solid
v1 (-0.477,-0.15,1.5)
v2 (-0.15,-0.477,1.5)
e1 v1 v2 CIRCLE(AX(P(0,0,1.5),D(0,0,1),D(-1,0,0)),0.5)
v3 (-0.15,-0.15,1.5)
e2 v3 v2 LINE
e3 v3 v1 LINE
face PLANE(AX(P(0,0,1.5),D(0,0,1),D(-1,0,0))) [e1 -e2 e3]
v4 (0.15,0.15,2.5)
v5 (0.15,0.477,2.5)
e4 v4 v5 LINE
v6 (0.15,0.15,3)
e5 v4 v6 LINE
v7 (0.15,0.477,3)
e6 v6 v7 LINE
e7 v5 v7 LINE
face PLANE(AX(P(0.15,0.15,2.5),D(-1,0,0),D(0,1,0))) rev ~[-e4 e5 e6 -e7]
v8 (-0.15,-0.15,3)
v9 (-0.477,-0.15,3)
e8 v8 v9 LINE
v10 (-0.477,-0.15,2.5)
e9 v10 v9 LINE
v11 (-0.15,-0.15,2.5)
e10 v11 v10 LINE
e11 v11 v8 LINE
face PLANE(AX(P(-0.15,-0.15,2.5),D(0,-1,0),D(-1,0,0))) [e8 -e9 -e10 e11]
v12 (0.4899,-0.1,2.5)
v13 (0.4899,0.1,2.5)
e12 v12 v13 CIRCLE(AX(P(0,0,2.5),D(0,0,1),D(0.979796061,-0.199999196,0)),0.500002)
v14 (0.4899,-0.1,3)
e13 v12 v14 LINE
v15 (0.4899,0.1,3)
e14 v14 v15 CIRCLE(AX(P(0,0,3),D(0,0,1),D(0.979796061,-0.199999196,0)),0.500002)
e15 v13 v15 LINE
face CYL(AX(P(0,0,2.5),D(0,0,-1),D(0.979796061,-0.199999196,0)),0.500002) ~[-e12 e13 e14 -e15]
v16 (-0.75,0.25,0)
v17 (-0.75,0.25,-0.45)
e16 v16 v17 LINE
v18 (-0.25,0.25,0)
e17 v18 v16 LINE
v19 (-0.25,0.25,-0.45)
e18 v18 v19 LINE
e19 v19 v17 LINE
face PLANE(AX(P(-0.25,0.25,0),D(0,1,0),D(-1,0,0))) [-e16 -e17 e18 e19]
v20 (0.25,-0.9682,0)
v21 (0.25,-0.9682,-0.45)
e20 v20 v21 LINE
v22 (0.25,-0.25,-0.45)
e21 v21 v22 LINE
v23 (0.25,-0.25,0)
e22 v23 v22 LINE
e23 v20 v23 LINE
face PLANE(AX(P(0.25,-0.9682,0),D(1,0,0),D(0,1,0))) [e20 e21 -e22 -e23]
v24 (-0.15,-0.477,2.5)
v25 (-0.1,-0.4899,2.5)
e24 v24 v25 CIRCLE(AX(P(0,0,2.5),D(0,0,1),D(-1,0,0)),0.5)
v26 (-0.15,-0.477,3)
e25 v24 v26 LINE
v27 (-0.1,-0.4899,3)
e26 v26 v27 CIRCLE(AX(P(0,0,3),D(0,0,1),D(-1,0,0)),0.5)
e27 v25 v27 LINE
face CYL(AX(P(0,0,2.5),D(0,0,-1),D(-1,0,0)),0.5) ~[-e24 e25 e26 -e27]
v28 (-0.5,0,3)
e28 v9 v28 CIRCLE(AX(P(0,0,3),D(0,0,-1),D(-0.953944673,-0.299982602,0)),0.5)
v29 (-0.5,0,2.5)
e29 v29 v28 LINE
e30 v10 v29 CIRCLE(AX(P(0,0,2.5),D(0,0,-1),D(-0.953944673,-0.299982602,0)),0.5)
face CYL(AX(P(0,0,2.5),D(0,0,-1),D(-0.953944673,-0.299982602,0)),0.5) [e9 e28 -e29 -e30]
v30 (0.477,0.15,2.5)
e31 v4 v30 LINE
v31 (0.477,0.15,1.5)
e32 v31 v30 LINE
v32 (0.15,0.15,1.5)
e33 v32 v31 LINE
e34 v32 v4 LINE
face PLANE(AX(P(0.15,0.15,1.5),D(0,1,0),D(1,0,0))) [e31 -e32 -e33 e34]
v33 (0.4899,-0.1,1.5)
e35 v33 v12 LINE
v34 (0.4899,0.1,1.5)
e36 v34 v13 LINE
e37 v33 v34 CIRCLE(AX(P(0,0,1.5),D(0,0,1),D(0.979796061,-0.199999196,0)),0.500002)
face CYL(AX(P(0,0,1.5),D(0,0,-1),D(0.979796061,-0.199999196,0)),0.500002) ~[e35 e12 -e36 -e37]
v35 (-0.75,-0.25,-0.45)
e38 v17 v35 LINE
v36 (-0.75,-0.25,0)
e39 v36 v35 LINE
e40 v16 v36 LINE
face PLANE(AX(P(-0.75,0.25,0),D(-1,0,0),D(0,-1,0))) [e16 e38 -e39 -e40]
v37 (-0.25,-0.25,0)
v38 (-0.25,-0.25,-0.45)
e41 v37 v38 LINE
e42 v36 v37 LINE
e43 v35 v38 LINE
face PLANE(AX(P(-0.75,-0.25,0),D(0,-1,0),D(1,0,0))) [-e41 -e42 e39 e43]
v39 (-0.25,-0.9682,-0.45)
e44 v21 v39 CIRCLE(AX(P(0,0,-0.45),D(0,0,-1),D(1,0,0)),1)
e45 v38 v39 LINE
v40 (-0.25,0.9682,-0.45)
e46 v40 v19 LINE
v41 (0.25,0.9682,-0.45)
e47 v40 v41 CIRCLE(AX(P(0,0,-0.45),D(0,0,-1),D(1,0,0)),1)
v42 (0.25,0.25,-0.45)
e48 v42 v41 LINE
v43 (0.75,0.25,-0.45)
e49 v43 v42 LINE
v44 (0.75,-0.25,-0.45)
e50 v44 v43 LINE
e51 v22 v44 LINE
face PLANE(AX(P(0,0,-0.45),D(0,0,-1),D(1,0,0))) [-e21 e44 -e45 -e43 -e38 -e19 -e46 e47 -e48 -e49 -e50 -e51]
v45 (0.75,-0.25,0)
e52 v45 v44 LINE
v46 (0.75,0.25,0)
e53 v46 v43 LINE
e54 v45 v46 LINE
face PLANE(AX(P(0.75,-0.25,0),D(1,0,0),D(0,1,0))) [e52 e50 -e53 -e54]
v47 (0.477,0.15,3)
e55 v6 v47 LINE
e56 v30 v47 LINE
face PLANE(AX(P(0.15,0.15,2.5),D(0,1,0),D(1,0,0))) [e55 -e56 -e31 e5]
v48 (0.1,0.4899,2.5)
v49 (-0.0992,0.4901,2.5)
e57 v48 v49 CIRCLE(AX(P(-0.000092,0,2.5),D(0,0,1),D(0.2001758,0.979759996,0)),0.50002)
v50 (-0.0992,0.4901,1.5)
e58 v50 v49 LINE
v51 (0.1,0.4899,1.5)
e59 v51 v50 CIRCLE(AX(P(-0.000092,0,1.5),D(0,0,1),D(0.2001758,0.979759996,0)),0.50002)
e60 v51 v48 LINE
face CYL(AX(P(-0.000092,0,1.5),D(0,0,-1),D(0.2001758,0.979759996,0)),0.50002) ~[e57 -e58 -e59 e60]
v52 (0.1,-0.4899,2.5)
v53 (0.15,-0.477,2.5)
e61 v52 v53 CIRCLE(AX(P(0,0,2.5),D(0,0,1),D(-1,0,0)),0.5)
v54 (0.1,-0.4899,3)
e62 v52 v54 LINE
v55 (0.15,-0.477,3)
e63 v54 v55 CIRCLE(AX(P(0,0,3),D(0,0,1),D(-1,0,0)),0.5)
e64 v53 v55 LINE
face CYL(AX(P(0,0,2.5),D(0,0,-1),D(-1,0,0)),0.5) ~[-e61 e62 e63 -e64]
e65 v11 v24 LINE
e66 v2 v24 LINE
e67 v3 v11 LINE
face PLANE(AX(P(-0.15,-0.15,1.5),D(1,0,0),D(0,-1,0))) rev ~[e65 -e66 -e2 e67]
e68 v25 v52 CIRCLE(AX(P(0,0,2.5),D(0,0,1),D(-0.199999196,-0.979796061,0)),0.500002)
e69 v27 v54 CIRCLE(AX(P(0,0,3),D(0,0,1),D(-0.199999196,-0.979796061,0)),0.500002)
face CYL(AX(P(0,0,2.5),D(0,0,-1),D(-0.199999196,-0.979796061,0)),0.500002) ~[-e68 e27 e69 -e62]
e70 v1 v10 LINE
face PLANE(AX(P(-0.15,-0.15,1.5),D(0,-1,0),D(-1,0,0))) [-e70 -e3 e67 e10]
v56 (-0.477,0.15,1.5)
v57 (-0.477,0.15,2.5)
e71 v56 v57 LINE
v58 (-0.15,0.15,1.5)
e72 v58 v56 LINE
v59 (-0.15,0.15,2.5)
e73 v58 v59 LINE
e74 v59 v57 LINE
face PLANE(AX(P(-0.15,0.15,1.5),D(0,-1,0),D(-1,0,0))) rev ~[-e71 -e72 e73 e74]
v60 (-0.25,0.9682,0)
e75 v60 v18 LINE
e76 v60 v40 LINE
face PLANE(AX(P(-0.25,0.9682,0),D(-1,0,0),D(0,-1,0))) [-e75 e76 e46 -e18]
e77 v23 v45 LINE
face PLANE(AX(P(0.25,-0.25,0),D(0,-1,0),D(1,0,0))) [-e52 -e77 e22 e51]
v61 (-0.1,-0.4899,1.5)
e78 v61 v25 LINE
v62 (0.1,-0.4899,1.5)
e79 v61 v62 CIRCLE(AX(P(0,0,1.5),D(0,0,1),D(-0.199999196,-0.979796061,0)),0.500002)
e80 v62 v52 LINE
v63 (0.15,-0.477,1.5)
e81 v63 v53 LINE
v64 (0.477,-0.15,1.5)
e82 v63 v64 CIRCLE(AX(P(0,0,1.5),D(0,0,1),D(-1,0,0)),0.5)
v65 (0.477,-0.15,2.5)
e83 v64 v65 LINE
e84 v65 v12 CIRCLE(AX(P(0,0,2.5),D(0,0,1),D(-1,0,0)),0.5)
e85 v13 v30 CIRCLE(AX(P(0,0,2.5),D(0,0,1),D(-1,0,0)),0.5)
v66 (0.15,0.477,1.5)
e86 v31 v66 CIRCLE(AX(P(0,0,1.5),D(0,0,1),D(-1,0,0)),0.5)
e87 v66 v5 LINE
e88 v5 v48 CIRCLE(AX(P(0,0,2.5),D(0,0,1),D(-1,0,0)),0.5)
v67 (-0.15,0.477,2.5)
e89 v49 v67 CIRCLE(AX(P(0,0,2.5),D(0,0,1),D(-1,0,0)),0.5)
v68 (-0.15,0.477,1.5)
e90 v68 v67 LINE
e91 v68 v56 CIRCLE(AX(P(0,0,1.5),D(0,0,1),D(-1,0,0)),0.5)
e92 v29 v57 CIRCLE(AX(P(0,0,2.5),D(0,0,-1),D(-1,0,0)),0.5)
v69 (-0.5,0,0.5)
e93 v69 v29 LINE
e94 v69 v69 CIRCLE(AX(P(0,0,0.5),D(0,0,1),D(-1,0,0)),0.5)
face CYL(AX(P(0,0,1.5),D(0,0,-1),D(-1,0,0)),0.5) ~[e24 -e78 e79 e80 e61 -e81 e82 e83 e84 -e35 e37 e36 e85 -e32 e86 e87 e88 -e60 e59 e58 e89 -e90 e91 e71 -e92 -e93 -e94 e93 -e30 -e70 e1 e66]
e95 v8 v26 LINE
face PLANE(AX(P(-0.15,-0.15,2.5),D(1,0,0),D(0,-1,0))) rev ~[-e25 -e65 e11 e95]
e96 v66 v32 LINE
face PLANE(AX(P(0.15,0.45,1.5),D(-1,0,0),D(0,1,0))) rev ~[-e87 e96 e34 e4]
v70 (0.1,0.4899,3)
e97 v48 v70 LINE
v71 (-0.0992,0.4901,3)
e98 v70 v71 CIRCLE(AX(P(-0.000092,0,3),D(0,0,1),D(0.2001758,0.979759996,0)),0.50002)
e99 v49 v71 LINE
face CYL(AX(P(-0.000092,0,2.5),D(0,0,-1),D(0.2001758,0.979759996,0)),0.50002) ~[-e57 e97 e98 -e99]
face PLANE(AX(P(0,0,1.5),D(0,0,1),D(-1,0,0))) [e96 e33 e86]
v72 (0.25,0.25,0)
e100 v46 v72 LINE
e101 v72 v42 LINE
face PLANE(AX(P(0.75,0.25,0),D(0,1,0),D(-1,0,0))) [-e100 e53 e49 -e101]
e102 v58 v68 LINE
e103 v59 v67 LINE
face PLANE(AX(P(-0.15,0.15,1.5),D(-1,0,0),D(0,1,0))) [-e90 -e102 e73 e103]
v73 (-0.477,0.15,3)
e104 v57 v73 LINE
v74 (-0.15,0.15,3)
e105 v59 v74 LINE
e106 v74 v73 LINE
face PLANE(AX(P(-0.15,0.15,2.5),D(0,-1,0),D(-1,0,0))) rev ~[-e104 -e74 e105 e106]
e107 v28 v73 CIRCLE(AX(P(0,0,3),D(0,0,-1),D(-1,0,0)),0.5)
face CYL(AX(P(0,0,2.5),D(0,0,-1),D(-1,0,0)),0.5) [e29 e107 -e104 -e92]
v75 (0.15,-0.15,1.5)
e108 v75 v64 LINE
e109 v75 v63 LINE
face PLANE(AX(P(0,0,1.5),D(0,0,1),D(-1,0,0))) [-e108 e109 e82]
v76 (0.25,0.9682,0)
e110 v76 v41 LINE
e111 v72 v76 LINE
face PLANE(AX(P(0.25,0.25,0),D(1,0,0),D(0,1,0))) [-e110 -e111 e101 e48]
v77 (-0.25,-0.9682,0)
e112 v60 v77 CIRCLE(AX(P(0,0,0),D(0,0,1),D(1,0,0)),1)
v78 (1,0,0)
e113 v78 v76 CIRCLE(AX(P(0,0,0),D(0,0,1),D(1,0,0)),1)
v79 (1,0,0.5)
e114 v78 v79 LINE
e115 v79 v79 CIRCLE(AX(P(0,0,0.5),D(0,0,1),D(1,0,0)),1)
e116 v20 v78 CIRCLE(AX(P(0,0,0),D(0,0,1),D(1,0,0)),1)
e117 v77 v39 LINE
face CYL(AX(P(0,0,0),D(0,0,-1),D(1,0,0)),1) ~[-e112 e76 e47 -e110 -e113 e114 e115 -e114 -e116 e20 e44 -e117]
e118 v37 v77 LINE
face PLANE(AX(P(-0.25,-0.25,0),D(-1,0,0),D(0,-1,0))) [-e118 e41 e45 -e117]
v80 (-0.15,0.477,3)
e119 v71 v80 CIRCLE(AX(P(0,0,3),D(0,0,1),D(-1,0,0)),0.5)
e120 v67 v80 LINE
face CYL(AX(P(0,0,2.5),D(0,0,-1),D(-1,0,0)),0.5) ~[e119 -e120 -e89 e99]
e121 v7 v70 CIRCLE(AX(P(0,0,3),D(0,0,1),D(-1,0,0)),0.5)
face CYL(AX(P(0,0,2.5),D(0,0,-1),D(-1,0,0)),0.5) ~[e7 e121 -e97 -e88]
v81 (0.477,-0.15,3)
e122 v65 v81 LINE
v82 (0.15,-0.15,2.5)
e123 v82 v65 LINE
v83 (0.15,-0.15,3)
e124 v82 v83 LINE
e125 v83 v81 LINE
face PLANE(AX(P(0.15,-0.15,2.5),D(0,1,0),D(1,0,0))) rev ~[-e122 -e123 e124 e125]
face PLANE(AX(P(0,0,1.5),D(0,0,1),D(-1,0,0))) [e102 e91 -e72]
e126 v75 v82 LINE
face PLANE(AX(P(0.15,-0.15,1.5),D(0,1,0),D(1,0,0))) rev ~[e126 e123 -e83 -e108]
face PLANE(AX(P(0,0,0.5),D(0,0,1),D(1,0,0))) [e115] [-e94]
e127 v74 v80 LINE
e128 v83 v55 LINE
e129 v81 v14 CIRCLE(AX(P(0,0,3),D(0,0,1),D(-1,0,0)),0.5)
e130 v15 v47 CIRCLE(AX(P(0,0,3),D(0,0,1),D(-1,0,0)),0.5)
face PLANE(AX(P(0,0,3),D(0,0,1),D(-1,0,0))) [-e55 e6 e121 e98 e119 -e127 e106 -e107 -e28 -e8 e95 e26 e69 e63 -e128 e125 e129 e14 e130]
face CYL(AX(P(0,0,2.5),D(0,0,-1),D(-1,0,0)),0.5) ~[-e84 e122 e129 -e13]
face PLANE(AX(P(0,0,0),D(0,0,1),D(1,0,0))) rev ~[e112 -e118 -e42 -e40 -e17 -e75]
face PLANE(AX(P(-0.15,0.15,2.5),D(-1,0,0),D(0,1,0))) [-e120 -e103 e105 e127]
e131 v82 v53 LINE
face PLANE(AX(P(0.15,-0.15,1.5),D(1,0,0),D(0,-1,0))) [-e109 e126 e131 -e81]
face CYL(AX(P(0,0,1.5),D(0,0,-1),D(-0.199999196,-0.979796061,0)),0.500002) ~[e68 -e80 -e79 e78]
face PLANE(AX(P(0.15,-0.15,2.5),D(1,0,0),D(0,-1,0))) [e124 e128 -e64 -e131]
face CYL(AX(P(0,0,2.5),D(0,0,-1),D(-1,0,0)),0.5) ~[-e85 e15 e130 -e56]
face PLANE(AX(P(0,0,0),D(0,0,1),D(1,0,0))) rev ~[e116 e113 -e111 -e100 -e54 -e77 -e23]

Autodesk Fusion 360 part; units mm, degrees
sketch "Sketch1" plane through (0, 0, 0) normal (0, 0, 1) x (1, 0, 0)
  circle A0 centre (0, 0) radius 1
extrude "Extrude1" add sketch "Sketch1" along normal blind 0.5
sketch "Sketch2" plane through (0, 0, 0.5) normal (0, 0, 1) x (-1, 0, 0)
  circle A0 centre (0, 0) radius 1
  circle A1 centre (0, 0) radius 0.5
extrude "Extrude2" add sketch "Sketch2" along normal blind 1 contours A1
sketch "Sketch3" plane through (0, 0, 1.5) normal (0, 0, 1) x (-1, 0, 0)
  circle A0 centre (0, 0) radius 0.5
  arc A1 (-0.1, -0.4899) -> (0.0992, -0.4901) centre (0, 0) ccw
  arc A2 (0.4899, -0.1) -> (0.4901, 0.0992) centre (0, 0) ccw
  arc A3 (0.1, 0.4899) -> (-0.1, 0.4899) centre (0, 0) ccw
  arc A4 (-0.4899, 0.1) -> (-0.4899, -0.1) centre (0, 0) ccw
  arc A5 (-0.15, -0.477) -> (0.15, -0.477) centre (0, 0) ccw
  arc A6 (-0.477, 0.15) -> (-0.477, -0.15) centre (0, 0) ccw
  arc A7 (0.477, -0.15) -> (0.477, 0.15) centre (0, 0) ccw
  arc A8 (0.15, 0.477) -> (-0.15, 0.477) centre (0, 0) ccw
  line L0 (-0.15, -0.15) -> (-0.15, -0.45)
  line L1 (-0.15, -0.45) -> (-0.15, -0.477)
  line L2 (-0.15, -0.15) -> (-0.477, -0.15)
  line L3 (0.15, -0.15) -> (0.15, -0.477)
  line L4 (0.15, -0.15) -> (0.477, -0.15)
  line L5 (-0.15, 0.15) -> (-0.477, 0.15)
  line L6 (-0.15, 0.15) -> (-0.15, 0.477)
  line L7 (0.15, 0.15) -> (0.15, 0.477)
  line L8 (0.15, 0.15) -> (0.477, 0.15)
extrude "Extrude4" add sketch "Sketch3" along normal blind 1 contours A0 A1 A2 A3 A4 A5 A6 A7 A8 L0 L1 L2 L3 L4 L5 L6 L7 L8
sketch "Sketch4" plane through (0, 0, 0) normal (0, 0, -1) x (1, 0, 0)
  circle A0 centre (0, 0) radius 1
  line L0 (0.25, -0.25) -> (0.25, -0.9682)
  line L1 (0.25, 0.9682) -> (0.25, 0.25)
  line L2 (0.25, 0.25) -> (0.75, 0.25)
  line L3 (0.75, 0.25) -> (0.75, -0.25)
  line L4 (-0.75, -0.25) -> (-0.75, 0.25)
  line L5 (-0.75, 0.25) -> (-0.25, 0.25)
  line L6 (-0.25, -0.9682) -> (-0.25, -0.25)
  line L7 (-0.25, 0.25) -> (-0.25, 0.9682)
  arc A1 (0.25, 0.9682) -> (-0.25, 0.9682) centre (0, 0) ccw
  arc A2 (-0.25, -0.9682) -> (0.25, -0.9682) centre (0, 0) ccw
  line L8 (0.75, -0.25) -> (0.25, -0.25)
  line L9 (-0.25, -0.25) -> (-0.75, -0.25)
extrude "Extrude5" add sketch "Sketch4" along normal blind 0.45 contours A0 L0 L1 L2 L3 L4 L5 L6 L7 A1 A2 L8 L9
extrude "Extrude6" add 1 faces at (-0.2667, 0, 2.5) along direction (0, 0, 1) blind 0.5
